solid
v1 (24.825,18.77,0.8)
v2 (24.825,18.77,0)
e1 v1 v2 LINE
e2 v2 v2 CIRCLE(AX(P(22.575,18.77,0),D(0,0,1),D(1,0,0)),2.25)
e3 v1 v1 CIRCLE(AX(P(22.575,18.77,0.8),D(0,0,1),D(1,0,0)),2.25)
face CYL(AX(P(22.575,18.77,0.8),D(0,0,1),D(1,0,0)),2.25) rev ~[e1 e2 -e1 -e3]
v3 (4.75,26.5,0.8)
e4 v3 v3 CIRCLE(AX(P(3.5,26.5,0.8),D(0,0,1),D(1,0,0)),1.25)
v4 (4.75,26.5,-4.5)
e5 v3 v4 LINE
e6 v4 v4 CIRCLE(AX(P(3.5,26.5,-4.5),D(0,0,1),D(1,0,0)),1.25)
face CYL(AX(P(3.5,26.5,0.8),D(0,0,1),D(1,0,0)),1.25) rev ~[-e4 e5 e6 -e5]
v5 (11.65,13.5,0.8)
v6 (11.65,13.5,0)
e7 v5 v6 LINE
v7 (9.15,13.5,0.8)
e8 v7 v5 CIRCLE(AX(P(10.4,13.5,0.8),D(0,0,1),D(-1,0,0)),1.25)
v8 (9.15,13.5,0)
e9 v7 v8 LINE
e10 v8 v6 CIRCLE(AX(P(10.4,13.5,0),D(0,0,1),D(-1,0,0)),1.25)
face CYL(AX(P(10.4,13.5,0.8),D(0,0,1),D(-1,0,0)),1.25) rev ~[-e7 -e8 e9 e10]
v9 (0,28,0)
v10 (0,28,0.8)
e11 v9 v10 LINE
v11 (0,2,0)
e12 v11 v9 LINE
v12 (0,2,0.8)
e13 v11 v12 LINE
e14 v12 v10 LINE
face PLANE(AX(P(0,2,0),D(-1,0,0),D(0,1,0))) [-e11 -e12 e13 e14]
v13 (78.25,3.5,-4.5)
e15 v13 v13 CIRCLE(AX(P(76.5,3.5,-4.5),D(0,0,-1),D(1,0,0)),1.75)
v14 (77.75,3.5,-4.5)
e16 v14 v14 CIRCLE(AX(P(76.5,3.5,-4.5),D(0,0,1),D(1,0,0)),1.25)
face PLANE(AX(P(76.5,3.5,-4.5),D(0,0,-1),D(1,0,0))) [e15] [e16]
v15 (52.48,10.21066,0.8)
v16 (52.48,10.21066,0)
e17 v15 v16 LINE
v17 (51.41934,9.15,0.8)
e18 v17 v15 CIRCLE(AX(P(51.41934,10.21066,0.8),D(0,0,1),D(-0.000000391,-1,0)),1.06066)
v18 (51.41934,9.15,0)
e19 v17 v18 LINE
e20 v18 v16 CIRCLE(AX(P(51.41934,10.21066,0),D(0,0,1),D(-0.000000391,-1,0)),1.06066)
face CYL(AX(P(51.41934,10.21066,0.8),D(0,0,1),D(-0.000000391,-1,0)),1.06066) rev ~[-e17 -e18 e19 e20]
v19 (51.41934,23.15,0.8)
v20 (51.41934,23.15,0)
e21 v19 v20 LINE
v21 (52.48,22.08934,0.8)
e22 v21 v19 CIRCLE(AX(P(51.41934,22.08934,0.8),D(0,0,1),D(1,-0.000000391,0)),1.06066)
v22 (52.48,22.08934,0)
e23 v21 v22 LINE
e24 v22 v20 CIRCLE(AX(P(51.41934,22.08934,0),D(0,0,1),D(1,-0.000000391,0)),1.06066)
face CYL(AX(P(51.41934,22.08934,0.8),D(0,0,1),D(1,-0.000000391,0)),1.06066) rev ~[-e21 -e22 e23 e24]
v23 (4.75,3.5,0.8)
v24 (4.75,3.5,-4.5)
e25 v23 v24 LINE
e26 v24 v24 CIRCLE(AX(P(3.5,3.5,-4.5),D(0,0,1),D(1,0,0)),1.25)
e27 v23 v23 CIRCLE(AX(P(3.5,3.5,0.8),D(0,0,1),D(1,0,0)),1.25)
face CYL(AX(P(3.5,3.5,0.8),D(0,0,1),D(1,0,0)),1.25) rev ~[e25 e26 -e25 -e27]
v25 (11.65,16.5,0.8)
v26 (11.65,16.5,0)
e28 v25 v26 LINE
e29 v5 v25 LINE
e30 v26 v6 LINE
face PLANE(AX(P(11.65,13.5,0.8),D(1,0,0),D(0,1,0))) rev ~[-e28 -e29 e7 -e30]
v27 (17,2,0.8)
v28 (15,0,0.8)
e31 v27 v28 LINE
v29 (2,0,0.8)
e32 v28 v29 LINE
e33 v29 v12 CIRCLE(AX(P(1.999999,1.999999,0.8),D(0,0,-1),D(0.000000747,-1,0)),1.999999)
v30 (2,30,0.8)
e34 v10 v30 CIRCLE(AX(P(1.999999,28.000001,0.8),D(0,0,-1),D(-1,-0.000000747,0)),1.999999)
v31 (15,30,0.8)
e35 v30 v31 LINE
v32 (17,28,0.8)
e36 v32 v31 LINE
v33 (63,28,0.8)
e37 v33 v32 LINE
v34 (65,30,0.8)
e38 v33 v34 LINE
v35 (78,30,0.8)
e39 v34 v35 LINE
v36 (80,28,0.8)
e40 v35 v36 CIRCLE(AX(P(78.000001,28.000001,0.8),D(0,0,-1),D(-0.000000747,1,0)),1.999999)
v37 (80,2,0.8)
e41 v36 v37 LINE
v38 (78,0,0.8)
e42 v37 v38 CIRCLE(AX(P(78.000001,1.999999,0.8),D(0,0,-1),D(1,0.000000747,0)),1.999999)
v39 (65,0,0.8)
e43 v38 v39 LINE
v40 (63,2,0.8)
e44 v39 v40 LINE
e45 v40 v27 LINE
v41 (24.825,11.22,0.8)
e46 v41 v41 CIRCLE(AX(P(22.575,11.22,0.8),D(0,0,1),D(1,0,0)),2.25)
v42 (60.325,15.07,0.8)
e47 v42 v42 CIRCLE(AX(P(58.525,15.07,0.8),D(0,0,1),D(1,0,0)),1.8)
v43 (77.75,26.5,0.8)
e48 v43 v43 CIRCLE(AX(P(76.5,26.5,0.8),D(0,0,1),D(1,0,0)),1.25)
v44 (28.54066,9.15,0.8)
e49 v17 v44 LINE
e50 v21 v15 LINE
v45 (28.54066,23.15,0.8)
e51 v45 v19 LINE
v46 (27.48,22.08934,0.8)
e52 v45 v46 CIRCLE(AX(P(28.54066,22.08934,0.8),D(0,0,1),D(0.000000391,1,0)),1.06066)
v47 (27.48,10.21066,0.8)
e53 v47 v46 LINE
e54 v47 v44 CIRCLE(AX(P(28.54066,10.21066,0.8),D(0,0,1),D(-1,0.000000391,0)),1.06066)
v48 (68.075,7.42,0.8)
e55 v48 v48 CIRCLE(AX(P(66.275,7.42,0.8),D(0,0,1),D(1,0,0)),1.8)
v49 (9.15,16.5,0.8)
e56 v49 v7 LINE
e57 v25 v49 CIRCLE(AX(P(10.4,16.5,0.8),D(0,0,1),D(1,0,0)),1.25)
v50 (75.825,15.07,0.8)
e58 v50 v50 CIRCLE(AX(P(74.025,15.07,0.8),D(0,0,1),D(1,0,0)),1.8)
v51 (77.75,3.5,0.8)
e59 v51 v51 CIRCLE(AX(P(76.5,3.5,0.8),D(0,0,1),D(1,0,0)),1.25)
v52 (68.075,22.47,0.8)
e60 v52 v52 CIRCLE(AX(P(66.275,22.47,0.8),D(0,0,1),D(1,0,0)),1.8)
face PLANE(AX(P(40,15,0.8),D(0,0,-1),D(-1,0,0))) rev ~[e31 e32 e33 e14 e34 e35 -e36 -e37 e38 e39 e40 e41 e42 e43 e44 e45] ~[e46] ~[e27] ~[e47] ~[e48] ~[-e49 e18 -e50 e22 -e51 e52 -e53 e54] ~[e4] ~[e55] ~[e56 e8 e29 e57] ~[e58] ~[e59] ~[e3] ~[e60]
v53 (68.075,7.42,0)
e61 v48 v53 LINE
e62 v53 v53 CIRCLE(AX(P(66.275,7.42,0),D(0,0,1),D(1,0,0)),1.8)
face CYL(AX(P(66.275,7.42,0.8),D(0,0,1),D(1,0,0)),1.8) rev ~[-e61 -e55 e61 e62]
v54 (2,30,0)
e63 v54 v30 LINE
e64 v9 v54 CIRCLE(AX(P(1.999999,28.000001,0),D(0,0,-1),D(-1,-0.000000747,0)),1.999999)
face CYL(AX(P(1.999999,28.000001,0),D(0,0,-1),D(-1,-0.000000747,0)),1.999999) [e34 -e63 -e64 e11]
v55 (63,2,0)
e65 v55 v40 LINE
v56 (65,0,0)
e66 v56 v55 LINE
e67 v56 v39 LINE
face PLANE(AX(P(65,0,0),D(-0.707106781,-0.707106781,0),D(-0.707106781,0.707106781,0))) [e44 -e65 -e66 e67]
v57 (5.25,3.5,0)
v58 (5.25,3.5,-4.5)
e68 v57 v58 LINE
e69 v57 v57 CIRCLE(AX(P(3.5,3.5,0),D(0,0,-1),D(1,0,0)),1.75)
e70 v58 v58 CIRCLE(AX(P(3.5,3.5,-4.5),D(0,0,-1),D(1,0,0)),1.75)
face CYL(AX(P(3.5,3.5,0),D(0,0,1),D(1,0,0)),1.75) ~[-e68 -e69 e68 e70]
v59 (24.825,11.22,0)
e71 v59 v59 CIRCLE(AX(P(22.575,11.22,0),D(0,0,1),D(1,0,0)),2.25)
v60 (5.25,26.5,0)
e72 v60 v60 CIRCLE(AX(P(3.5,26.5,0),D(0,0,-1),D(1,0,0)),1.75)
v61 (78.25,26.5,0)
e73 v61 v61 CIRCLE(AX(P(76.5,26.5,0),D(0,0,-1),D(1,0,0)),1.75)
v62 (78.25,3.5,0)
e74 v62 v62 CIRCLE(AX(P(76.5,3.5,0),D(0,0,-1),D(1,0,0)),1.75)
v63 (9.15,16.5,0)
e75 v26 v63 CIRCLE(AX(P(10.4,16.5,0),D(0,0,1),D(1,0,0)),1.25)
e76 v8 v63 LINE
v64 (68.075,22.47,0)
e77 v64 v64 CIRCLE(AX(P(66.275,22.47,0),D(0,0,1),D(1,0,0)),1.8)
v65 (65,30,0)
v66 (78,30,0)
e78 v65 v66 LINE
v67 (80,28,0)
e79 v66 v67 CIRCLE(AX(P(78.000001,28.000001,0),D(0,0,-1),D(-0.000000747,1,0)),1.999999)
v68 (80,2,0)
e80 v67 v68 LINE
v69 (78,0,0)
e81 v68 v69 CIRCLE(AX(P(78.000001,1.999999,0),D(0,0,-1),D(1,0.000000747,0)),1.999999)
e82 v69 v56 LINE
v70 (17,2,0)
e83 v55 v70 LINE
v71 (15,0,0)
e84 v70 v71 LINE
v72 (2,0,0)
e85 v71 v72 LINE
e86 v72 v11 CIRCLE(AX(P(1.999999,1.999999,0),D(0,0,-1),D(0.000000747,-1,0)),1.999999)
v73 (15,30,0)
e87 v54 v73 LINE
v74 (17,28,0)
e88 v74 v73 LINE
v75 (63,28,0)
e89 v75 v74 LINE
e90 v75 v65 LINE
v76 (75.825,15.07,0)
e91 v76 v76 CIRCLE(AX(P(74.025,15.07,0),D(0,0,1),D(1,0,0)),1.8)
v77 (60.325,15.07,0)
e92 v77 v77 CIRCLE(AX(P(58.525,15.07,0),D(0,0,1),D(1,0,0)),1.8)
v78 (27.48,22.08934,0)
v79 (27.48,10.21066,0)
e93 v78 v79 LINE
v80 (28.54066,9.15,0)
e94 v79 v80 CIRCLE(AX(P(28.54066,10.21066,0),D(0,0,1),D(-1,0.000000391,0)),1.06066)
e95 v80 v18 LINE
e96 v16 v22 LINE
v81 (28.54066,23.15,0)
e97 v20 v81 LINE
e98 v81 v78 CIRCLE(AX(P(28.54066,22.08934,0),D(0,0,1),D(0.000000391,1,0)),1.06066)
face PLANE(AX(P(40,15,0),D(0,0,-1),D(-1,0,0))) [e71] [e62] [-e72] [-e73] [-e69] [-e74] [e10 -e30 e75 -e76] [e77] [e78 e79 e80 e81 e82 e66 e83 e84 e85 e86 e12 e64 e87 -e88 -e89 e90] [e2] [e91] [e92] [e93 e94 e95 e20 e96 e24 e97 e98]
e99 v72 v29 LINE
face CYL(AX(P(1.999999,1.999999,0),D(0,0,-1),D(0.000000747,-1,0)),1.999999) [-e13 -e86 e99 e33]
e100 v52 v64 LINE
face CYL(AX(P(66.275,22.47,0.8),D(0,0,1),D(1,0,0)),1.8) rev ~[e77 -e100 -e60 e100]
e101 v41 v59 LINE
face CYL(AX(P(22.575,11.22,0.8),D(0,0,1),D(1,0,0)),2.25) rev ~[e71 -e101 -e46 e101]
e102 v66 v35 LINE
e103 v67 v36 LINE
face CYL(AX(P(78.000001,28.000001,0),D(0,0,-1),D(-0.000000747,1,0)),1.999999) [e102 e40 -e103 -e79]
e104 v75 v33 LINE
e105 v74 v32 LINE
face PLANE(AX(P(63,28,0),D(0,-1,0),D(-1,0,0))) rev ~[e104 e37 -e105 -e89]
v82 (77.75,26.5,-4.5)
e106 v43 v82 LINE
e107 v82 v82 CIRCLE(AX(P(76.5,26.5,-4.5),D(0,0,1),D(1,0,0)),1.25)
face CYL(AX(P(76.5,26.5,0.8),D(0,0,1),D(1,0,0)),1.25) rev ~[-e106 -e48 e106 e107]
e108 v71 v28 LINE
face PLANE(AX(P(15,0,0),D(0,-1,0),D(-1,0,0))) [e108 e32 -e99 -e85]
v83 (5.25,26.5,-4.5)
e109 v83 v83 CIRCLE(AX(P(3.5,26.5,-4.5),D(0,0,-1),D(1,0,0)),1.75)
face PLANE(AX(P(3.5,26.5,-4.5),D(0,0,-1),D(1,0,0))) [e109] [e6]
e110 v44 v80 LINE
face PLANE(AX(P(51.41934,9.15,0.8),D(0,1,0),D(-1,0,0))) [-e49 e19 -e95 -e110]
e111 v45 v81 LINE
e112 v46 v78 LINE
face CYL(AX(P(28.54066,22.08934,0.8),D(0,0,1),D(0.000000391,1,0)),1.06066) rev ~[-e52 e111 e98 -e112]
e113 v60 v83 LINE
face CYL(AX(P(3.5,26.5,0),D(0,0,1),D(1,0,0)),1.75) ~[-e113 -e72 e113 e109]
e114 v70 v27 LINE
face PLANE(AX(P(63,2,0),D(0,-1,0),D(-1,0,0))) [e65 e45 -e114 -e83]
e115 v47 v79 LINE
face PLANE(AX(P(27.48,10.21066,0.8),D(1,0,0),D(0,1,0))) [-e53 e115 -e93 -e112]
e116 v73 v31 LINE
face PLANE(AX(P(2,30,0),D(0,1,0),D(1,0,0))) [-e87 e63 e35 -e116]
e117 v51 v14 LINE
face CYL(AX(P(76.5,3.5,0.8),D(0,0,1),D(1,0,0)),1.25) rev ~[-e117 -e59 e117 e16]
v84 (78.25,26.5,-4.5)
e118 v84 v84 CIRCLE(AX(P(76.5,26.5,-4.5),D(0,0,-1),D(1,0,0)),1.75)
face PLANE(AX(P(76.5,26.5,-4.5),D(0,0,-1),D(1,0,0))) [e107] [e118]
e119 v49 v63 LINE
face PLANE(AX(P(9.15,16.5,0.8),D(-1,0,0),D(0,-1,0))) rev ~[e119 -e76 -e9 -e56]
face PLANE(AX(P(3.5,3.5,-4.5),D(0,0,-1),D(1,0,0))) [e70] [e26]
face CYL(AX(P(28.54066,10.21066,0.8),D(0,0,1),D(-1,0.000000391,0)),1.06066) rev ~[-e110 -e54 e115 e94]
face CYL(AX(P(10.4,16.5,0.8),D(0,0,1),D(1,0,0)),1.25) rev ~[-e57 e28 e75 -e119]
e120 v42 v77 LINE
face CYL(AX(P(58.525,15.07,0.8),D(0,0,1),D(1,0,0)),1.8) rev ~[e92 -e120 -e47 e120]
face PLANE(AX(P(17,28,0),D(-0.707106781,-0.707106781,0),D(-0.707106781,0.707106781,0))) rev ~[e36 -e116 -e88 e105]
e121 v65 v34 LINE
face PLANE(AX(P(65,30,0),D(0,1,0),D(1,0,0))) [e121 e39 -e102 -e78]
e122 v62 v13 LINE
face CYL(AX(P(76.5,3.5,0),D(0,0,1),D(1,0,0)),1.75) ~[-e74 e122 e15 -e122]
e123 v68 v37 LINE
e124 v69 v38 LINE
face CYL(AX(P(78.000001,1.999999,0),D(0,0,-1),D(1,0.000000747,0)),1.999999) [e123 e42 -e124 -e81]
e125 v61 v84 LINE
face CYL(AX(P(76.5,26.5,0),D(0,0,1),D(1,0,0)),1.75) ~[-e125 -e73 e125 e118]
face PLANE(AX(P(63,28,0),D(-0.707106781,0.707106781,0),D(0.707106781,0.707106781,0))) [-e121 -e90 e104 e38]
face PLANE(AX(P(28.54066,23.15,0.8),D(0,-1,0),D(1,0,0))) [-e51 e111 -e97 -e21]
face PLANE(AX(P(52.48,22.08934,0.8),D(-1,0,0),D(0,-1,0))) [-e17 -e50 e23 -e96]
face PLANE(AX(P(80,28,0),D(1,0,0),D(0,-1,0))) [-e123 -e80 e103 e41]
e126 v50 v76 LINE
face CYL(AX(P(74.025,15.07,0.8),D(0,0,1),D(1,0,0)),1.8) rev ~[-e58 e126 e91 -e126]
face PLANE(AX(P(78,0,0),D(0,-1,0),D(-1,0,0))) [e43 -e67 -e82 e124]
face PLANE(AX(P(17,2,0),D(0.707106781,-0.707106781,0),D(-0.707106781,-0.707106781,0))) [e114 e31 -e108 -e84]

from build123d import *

# Parameters (mm, degrees)
PAD_DEPTH       = 0.8
POCKET_DEPTH    = 0.801
POCKET001_DEPTH = 0.801
SKETCH002_R     = 2.25
POCKET002_DEPTH = 0.801
SKETCH003_R     = 1.8
POCKET003_DEPTH = 0.801
SKETCH004_R     = 1.75
PAD001_DEPTH    = 4.5
SKETCH005_R     = 1.25
POCKET004_DEPTH = 5.301


with BuildPart() as part:
    # PCB_Sketch_76c7 → Pad (new body)
    with BuildSketch(Plane.XY):
        with BuildLine():
            Line((80, 28), (80, 2))
            ThreePointArc((80, 2), (79.414214, 0.585786), (78, 0))
            Line((78, 0), (65, 0))
            Line((65, 0), (63, 2))
            Line((63, 2), (17, 2))
            Line((17, 2), (15, 0))
            Line((15, 0), (2, 0))
            ThreePointArc((2, 0), (0.585786, 0.585786), (0, 2))
            Line((0, 2), (0, 28))
            ThreePointArc((0, 28), (0.585786, 29.414214), (2, 30))
            Line((2, 30), (15, 30))
            Line((17, 28), (15, 30))
            Line((63, 28), (17, 28))
            Line((63, 28), (65, 30))
            Line((65, 30), (78, 30))
            ThreePointArc((78, 30), (79.414214, 29.414214), (80, 28))
        make_face()
    extrude(amount=PAD_DEPTH)

    # Sketch (on Face18 of Pad) → Pocket (cut, through all)
    with BuildSketch(Plane.XY.offset(0.8)):
        with BuildLine():
            ThreePointArc((28.54066, 23.15), (27.79066, 22.83934), (27.48, 22.08934))
            Line((27.48, 10.21066), (27.48, 22.08934))
            ThreePointArc((27.48, 10.21066), (27.79066, 9.46066), (28.54066, 9.15))
            Line((51.41934, 9.15), (28.54066, 9.15))
            ThreePointArc((51.41934, 9.15), (52.16934, 9.46066), (52.48, 10.21066))
            Line((52.48, 22.08934), (52.48, 10.21066))
            ThreePointArc((52.48, 22.08934), (52.16934, 22.83934), (51.41934, 23.15))
            Line((28.54066, 23.15), (51.41934, 23.15))
        make_face()
    extrude(amount=-POCKET_DEPTH, mode=Mode.SUBTRACT)

    # Sketch001 (on Face5 of Pocket) → Pocket001 (cut, through all)
    with BuildSketch(Plane.XY.offset(0.8)):
        with BuildLine():
            ThreePointArc((11.65, 16.5), (10.4, 17.75), (9.15, 16.5))
            Line((9.15, 16.5), (9.15, 13.5))
            ThreePointArc((9.15, 13.5), (10.4, 12.25), (11.65, 13.5))
            Line((11.65, 13.5), (11.65, 16.5))
        make_face()
    extrude(amount=-POCKET001_DEPTH, mode=Mode.SUBTRACT)

    # Sketch002 (on Face5 of Pocket001) → Pocket002 (cut, through all)
    with BuildSketch(Plane.XY.offset(0.8)):
        with Locations((22.575, 18.77)):
            Circle(SKETCH002_R)
        with Locations((22.575, 11.22)):
            Circle(SKETCH002_R)
    extrude(amount=-POCKET002_DEPTH, mode=Mode.SUBTRACT)

    # Sketch003 (on Face5 of Pocket002) → Pocket003 (cut, through all)
    with BuildSketch(Plane.XY.offset(0.8)):
        with Locations((66.275, 22.47)):
            Circle(SKETCH003_R)
        with Locations((74.025, 15.07)):
            Circle(SKETCH003_R)
        with Locations((58.525, 15.07)):
            Circle(SKETCH003_R)
        with Locations((66.275, 7.42)):
            Circle(SKETCH003_R)
    extrude(amount=-POCKET003_DEPTH, mode=Mode.SUBTRACT)

    # Sketch004 (on Face4 of Pocket003) → Pad001 (join)
    with BuildSketch(Plane(origin=(0, 0, 0), x_dir=(1, 0, 0), z_dir=(0, 0, -1))):
        with Locations((3.5, -26.5)):
            Circle(SKETCH004_R)
        with Locations((3.5, -3.5)):
            Circle(SKETCH004_R)
        with Locations((76.5, -3.5)):
            Circle(SKETCH004_R)
        with Locations((76.5, -26.5)):
            Circle(SKETCH004_R)
    extrude(amount=PAD001_DEPTH)

    # Sketch005 (on Face5 of Pad001) → Pocket004 (cut, through all)
    with BuildSketch(Plane.XY.offset(0.8)):
        with Locations((3.5, 26.5)):
            Circle(SKETCH005_R)
        with Locations((3.5, 3.5)):
            Circle(SKETCH005_R)
        with Locations((76.5, 26.5)):
            Circle(SKETCH005_R)
        with Locations((76.5, 3.5)):
            Circle(SKETCH005_R)
    extrude(amount=-POCKET004_DEPTH, mode=Mode.SUBTRACT)


solid = part.part
